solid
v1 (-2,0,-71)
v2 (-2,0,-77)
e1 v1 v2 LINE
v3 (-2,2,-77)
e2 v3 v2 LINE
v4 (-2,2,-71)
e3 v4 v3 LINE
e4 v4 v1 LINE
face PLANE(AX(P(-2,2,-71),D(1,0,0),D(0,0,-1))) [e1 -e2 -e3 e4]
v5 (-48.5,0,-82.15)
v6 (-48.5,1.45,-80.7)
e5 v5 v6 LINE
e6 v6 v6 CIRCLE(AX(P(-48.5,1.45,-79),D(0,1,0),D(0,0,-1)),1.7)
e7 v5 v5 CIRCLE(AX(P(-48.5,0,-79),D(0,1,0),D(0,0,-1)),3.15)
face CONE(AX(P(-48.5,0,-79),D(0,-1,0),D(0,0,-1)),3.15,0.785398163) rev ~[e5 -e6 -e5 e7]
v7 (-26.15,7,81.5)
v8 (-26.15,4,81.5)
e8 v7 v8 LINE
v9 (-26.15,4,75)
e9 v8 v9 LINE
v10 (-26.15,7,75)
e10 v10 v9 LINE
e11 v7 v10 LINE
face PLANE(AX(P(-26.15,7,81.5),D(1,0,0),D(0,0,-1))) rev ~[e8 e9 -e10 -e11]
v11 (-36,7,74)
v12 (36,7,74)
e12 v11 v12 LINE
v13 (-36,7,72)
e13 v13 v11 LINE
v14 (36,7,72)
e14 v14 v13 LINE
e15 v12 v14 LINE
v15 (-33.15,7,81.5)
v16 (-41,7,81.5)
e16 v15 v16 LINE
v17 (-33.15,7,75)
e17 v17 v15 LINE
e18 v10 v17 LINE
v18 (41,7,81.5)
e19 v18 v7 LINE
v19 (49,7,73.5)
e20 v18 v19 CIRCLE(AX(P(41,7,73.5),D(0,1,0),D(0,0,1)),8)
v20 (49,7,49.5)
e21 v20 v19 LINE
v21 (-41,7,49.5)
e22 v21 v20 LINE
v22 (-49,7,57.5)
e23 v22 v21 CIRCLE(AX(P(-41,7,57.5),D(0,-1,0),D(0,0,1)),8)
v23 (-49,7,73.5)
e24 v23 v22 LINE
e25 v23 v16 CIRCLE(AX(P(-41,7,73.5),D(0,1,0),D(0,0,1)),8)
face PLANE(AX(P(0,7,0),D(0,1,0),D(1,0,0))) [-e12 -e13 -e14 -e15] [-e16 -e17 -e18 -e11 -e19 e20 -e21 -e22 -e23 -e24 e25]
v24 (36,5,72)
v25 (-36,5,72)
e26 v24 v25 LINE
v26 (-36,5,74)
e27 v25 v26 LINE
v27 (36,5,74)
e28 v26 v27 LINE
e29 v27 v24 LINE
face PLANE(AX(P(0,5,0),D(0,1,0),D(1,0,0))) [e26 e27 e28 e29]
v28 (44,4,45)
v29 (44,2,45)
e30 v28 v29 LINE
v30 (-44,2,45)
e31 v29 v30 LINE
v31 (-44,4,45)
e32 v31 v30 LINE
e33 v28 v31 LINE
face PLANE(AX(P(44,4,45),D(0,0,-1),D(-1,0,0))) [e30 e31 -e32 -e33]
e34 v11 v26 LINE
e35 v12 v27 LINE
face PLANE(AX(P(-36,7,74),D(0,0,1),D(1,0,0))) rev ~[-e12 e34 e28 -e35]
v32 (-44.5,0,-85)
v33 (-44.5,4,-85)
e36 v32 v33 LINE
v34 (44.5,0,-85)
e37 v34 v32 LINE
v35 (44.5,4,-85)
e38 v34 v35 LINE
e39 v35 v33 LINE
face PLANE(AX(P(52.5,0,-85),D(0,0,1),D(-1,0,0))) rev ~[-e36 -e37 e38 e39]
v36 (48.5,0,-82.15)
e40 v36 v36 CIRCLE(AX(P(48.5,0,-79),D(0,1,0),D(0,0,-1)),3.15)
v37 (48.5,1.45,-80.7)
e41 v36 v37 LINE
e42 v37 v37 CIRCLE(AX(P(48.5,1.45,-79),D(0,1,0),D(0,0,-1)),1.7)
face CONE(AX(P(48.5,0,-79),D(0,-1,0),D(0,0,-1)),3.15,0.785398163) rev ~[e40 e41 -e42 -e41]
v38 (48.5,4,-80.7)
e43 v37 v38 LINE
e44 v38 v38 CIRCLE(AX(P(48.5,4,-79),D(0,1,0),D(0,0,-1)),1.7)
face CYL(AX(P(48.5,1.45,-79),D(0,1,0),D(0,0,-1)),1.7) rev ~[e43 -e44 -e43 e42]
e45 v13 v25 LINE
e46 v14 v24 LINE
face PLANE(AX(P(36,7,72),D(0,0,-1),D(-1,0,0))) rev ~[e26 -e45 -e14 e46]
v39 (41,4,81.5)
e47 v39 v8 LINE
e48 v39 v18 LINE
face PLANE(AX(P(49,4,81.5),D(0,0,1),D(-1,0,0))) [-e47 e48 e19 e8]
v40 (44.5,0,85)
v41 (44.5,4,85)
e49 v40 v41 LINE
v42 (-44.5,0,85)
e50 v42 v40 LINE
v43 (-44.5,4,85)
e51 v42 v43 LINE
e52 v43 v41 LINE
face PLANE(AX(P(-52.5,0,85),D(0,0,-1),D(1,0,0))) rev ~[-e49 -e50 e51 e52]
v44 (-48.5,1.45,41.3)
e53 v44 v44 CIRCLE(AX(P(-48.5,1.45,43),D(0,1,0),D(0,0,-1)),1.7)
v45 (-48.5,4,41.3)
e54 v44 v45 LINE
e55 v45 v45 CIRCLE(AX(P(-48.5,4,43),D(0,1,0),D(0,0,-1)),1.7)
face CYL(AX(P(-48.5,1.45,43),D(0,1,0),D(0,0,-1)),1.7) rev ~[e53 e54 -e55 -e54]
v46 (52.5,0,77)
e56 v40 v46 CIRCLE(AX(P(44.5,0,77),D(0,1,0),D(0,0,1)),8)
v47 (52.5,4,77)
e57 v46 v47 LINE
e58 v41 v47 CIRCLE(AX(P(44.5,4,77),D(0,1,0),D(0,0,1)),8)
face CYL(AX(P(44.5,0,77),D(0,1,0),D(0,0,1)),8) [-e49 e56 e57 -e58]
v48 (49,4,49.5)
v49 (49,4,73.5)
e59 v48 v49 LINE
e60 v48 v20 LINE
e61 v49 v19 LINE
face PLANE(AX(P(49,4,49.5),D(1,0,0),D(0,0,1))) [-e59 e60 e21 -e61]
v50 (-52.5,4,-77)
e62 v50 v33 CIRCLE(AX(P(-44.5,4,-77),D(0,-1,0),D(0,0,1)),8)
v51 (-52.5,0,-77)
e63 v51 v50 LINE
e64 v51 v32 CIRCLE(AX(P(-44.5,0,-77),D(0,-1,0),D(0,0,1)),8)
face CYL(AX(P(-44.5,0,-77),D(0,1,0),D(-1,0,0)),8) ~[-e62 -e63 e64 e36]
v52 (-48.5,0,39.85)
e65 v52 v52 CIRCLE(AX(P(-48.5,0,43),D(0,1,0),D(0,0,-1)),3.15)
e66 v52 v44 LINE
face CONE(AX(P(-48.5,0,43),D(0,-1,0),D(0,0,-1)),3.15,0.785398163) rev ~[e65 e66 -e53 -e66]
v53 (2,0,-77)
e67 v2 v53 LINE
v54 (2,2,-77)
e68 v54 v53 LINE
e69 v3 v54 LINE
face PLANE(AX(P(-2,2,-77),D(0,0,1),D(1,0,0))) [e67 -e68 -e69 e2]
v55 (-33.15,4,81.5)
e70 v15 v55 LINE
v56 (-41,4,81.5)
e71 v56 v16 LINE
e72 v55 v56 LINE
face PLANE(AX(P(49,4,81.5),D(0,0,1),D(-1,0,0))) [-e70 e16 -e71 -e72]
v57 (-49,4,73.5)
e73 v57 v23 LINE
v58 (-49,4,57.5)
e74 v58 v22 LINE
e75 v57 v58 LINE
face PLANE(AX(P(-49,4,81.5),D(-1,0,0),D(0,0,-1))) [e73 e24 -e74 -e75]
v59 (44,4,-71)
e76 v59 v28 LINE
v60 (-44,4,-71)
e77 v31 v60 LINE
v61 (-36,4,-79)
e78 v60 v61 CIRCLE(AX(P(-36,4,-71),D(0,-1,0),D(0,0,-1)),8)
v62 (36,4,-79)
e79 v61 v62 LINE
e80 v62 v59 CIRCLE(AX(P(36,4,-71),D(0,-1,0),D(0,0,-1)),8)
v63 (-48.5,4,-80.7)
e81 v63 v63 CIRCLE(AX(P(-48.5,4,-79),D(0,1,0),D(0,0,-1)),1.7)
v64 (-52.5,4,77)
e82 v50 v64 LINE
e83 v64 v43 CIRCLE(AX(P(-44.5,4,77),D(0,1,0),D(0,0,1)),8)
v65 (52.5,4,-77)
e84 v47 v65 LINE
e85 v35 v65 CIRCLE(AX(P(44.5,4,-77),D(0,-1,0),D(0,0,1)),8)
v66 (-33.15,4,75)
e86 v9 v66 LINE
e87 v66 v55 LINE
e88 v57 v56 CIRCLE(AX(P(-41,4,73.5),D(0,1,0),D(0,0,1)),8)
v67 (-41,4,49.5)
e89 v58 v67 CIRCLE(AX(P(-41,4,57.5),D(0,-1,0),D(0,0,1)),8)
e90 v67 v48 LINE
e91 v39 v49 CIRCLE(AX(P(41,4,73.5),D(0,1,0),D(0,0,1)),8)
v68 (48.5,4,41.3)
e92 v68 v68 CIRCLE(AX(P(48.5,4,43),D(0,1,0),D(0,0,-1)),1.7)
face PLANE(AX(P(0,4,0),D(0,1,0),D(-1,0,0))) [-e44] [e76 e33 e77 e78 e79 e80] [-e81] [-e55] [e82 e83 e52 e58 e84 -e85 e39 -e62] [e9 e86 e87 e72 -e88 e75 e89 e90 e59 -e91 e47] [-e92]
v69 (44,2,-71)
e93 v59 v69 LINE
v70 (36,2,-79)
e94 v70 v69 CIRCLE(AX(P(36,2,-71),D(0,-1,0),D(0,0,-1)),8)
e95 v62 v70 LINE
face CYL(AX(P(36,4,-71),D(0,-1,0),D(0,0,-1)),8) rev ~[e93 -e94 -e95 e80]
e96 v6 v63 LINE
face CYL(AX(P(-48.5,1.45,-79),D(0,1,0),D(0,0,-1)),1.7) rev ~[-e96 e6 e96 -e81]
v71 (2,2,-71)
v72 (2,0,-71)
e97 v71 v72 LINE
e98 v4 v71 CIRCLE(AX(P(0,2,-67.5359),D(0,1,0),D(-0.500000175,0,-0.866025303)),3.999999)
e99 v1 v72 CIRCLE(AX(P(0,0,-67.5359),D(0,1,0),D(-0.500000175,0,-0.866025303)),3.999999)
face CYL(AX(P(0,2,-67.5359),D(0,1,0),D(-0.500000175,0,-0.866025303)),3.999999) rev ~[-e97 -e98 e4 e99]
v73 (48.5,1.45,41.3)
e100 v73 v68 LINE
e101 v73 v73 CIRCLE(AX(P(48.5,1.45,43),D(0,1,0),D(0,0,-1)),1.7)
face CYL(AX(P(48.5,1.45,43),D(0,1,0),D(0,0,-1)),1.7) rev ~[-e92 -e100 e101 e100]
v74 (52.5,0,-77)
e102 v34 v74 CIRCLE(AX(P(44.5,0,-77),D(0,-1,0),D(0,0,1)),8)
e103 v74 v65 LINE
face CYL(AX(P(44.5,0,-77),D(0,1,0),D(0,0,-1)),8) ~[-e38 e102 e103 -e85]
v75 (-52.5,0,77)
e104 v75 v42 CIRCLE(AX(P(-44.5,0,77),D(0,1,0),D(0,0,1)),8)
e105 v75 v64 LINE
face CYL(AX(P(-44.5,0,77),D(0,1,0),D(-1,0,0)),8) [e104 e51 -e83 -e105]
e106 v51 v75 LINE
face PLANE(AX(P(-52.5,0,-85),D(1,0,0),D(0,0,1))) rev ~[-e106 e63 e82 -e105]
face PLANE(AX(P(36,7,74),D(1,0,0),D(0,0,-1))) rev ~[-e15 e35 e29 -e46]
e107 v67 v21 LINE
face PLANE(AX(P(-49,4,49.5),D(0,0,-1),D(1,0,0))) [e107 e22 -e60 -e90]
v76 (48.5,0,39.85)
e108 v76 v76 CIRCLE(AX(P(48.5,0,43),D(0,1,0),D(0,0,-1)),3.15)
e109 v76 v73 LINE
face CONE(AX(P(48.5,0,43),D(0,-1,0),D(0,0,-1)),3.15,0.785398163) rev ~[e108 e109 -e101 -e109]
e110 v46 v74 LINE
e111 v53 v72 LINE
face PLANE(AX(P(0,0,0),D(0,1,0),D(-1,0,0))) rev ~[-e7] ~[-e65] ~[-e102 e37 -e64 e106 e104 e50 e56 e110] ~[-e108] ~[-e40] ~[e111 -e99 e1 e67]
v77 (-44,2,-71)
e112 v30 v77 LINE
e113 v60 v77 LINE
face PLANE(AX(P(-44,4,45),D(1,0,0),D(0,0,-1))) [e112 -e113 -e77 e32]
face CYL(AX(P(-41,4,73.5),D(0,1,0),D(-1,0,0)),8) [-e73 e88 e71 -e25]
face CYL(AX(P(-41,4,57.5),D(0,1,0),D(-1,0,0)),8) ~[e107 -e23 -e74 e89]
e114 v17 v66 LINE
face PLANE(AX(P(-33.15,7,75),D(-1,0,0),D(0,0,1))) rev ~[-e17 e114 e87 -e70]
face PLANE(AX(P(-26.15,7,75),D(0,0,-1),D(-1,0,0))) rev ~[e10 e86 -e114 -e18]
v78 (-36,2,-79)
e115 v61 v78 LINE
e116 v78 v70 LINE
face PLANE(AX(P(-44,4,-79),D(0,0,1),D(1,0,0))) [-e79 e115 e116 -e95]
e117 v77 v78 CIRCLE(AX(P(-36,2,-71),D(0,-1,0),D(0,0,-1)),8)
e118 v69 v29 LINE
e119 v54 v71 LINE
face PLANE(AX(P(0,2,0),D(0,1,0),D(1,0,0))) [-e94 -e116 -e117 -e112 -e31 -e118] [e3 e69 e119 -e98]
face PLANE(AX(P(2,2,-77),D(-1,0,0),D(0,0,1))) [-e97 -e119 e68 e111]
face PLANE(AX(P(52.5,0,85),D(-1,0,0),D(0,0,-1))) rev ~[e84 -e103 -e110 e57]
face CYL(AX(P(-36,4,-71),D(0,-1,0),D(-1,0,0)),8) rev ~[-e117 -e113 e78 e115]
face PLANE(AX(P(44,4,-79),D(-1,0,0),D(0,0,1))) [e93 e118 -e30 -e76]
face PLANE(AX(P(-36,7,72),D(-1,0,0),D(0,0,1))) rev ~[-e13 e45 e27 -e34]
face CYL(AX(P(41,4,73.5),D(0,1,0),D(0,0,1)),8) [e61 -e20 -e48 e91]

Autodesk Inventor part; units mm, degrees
ref_plane "YZ Plane" through (0, 0, 0) normal (1, 0, 0) x (0, 1, 0)
ref_plane "XZ Plane" through (0, 0, 0) normal (0, 1, 0) x (-1, 0, 0)
ref_plane "XY Plane" through (0, 0, 0) normal (0, 0, 1) x (1, 0, 0)
sketch "Sketch1" plane through (0, 0, 0) normal (0, 1, 0) x (-1, 0, 0)
  line L0 (52.5, 85) -> (-52.5, 85)
  line L1 (-52.5, 85) -> (-52.5, -85)
  line L2 (-52.5, -85) -> (52.5, -85)
  line L3 (52.5, -85) -> (52.5, 85)
  line L4 (52.5, 85) -> (-52.5, -85) construction
  line L5 (-52.5, 85) -> (52.5, -85) construction
  point P0 (0, 0)
  dimension "d0" = 170
  dimension "d1" = 105
extrude "Extrusion1" add sketch "Sketch1" along normal blind 4
sketch "Sketch2" plane through (0, 4, 0) normal (0, 1, 0) x (1, 0, 0)
  line L0 (-44, 79) -> (44, 79)
  line L1 (44, 79) -> (44, -45)
  line L2 (44, -45) -> (-44, -45)
  line L3 (-44, -45) -> (-44, 79)
  line L4 (52.5, 85) -> (-52.5, 85) projected
  point P0 (0, 0)
  point P1 (0, 79)
  dimension "d4" = 124
  dimension "d5" = 88
  dimension "d6" = 6
extrude "Extrusion2" cut sketch "Sketch2" against normal blind 2
sketch "Sketch3" plane through (0, 4, 0) normal (0, 1, 0) x (1, 0, 0)
  line L0 (-49, -49.5) -> (49, -49.5)
  line L1 (49, -49.5) -> (49, -81.5)
  line L2 (49, -81.5) -> (-49, -81.5)
  line L3 (-49, -81.5) -> (-49, -49.5)
  line L4 (-52.5, 85) -> (-52.5, -85) projected
  line L5 (-52.5, -85) -> (52.5, -85) projected
  point P0 (0, 0)
  point P1 (0, -49.5)
  dimension "d9" = 3.5
  dimension "d10" = 3.5
  dimension "d11" = 32
extrude "Extrusion3" add sketch "Sketch3" along normal blind 3
fillet "Fillet1" radius 8 9 edges at (52.5, 2, 85) (-52.5, 2, 85) (52.5, 2, -85) (-52.5, 2, -85) (-44, 3, -79) (44, 3, -79) (-49, 5.5, 49.5) (-49, 5.5, 81.5) (49, 5.5, 81.5)
sketch "Sketch4" plane through (0, 0, 0) normal (0, -1, 0) x (1, 0, 0)
  line L0 (48.5, -79) -> (-48.5, -79) construction
  line L1 (-48.5, -79) -> (-48.5, 43) construction
  line L2 (-48.5, 43) -> (48.5, 43) construction
  line L3 (48.5, 43) -> (48.5, -79) construction
  line L4 (52.5, 77) -> (52.5, -77) projected
  line L5 (44.5, -85) -> (-44.5, -85) construction
  point P0 (0, 0)
  point P1 (0, -79)
  dimension "d15" = 4
  dimension "d16" = 122
  dimension "d17" = 6
hole "Hole1" at (48.5, 0, -79) at (-48.5, 0, -79) at (-48.5, 0, 43) at (48.5, 0, 43) direction (0, 1, 0) diameter 3.4 depth 8 tip angle 118 countersink diameter 6.3 countersink angle 90 clearance for "Countersunk Flat Head Screw DIN EN ISO 2009" size "M3" standard "DIN"
sketch "Sketch5" plane through (0, 2, 0) normal (0, 1, 0) x (1, 0, 0)
  arc A0 (-2, 71) -> (2, 71) centre (0, 67.5359) ccw
  line L0 (-2, 71) -> (-2, 77)
  line L1 (-2, 77) -> (2, 77)
  line L2 (2, 77) -> (2, 71)
  line L3 (-36, 79) -> (36, 79) projected
  point P0 (0, 0)
  point P1 (0, 77)
  dimension "d25" = 4
  dimension "d26" = 4
  dimension "d27" = 6
  dimension "d28" = 2
extrude "Extrusion4" cut sketch "Sketch5" against normal blind 10
sketch "Sketch6" plane through (0, 7, 0) normal (0, 1, 0) x (1, 0, 0)
  line L0 (-41, -81.5) -> (41, -81.5) projected
  line L1 (-33.15, -81.5) -> (-26.15, -81.5)
  line L2 (-26.15, -81.5) -> (-26.15, -75)
  line L3 (-26.15, -75) -> (-33.15, -75)
  line L4 (-33.15, -75) -> (-33.15, -81.5)
  line L5 (-49, -57.5) -> (-49, -73.5) projected
  point P0 (0, 0)
  dimension "d31" = 15.85
  dimension "d32" = 7
  dimension "d33" = 6.5
extrude "Extrusion5" cut sketch "Sketch6" against normal up to surface (3 mm away)
sketch "Sketch7" plane through (0, 7, 0) normal (0, 1, 0) x (1, 0, 0)
  line L0 (-36, -74) -> (36, -74)
  line L1 (36, -74) -> (36, -72)
  line L2 (36, -72) -> (-36, -72)
  line L3 (-36, -72) -> (-36, -74)
  line L4 (-26.15, -81.5) -> (41, -81.5) projected
  point P0 (0, 0)
  point P1 (0, -72)
  dimension "d36" = 72
  dimension "d37" = 2
  dimension "d38" = 7.5
extrude "Extrusion6" cut sketch "Sketch7" against normal blind 2
properties part number "Top"
